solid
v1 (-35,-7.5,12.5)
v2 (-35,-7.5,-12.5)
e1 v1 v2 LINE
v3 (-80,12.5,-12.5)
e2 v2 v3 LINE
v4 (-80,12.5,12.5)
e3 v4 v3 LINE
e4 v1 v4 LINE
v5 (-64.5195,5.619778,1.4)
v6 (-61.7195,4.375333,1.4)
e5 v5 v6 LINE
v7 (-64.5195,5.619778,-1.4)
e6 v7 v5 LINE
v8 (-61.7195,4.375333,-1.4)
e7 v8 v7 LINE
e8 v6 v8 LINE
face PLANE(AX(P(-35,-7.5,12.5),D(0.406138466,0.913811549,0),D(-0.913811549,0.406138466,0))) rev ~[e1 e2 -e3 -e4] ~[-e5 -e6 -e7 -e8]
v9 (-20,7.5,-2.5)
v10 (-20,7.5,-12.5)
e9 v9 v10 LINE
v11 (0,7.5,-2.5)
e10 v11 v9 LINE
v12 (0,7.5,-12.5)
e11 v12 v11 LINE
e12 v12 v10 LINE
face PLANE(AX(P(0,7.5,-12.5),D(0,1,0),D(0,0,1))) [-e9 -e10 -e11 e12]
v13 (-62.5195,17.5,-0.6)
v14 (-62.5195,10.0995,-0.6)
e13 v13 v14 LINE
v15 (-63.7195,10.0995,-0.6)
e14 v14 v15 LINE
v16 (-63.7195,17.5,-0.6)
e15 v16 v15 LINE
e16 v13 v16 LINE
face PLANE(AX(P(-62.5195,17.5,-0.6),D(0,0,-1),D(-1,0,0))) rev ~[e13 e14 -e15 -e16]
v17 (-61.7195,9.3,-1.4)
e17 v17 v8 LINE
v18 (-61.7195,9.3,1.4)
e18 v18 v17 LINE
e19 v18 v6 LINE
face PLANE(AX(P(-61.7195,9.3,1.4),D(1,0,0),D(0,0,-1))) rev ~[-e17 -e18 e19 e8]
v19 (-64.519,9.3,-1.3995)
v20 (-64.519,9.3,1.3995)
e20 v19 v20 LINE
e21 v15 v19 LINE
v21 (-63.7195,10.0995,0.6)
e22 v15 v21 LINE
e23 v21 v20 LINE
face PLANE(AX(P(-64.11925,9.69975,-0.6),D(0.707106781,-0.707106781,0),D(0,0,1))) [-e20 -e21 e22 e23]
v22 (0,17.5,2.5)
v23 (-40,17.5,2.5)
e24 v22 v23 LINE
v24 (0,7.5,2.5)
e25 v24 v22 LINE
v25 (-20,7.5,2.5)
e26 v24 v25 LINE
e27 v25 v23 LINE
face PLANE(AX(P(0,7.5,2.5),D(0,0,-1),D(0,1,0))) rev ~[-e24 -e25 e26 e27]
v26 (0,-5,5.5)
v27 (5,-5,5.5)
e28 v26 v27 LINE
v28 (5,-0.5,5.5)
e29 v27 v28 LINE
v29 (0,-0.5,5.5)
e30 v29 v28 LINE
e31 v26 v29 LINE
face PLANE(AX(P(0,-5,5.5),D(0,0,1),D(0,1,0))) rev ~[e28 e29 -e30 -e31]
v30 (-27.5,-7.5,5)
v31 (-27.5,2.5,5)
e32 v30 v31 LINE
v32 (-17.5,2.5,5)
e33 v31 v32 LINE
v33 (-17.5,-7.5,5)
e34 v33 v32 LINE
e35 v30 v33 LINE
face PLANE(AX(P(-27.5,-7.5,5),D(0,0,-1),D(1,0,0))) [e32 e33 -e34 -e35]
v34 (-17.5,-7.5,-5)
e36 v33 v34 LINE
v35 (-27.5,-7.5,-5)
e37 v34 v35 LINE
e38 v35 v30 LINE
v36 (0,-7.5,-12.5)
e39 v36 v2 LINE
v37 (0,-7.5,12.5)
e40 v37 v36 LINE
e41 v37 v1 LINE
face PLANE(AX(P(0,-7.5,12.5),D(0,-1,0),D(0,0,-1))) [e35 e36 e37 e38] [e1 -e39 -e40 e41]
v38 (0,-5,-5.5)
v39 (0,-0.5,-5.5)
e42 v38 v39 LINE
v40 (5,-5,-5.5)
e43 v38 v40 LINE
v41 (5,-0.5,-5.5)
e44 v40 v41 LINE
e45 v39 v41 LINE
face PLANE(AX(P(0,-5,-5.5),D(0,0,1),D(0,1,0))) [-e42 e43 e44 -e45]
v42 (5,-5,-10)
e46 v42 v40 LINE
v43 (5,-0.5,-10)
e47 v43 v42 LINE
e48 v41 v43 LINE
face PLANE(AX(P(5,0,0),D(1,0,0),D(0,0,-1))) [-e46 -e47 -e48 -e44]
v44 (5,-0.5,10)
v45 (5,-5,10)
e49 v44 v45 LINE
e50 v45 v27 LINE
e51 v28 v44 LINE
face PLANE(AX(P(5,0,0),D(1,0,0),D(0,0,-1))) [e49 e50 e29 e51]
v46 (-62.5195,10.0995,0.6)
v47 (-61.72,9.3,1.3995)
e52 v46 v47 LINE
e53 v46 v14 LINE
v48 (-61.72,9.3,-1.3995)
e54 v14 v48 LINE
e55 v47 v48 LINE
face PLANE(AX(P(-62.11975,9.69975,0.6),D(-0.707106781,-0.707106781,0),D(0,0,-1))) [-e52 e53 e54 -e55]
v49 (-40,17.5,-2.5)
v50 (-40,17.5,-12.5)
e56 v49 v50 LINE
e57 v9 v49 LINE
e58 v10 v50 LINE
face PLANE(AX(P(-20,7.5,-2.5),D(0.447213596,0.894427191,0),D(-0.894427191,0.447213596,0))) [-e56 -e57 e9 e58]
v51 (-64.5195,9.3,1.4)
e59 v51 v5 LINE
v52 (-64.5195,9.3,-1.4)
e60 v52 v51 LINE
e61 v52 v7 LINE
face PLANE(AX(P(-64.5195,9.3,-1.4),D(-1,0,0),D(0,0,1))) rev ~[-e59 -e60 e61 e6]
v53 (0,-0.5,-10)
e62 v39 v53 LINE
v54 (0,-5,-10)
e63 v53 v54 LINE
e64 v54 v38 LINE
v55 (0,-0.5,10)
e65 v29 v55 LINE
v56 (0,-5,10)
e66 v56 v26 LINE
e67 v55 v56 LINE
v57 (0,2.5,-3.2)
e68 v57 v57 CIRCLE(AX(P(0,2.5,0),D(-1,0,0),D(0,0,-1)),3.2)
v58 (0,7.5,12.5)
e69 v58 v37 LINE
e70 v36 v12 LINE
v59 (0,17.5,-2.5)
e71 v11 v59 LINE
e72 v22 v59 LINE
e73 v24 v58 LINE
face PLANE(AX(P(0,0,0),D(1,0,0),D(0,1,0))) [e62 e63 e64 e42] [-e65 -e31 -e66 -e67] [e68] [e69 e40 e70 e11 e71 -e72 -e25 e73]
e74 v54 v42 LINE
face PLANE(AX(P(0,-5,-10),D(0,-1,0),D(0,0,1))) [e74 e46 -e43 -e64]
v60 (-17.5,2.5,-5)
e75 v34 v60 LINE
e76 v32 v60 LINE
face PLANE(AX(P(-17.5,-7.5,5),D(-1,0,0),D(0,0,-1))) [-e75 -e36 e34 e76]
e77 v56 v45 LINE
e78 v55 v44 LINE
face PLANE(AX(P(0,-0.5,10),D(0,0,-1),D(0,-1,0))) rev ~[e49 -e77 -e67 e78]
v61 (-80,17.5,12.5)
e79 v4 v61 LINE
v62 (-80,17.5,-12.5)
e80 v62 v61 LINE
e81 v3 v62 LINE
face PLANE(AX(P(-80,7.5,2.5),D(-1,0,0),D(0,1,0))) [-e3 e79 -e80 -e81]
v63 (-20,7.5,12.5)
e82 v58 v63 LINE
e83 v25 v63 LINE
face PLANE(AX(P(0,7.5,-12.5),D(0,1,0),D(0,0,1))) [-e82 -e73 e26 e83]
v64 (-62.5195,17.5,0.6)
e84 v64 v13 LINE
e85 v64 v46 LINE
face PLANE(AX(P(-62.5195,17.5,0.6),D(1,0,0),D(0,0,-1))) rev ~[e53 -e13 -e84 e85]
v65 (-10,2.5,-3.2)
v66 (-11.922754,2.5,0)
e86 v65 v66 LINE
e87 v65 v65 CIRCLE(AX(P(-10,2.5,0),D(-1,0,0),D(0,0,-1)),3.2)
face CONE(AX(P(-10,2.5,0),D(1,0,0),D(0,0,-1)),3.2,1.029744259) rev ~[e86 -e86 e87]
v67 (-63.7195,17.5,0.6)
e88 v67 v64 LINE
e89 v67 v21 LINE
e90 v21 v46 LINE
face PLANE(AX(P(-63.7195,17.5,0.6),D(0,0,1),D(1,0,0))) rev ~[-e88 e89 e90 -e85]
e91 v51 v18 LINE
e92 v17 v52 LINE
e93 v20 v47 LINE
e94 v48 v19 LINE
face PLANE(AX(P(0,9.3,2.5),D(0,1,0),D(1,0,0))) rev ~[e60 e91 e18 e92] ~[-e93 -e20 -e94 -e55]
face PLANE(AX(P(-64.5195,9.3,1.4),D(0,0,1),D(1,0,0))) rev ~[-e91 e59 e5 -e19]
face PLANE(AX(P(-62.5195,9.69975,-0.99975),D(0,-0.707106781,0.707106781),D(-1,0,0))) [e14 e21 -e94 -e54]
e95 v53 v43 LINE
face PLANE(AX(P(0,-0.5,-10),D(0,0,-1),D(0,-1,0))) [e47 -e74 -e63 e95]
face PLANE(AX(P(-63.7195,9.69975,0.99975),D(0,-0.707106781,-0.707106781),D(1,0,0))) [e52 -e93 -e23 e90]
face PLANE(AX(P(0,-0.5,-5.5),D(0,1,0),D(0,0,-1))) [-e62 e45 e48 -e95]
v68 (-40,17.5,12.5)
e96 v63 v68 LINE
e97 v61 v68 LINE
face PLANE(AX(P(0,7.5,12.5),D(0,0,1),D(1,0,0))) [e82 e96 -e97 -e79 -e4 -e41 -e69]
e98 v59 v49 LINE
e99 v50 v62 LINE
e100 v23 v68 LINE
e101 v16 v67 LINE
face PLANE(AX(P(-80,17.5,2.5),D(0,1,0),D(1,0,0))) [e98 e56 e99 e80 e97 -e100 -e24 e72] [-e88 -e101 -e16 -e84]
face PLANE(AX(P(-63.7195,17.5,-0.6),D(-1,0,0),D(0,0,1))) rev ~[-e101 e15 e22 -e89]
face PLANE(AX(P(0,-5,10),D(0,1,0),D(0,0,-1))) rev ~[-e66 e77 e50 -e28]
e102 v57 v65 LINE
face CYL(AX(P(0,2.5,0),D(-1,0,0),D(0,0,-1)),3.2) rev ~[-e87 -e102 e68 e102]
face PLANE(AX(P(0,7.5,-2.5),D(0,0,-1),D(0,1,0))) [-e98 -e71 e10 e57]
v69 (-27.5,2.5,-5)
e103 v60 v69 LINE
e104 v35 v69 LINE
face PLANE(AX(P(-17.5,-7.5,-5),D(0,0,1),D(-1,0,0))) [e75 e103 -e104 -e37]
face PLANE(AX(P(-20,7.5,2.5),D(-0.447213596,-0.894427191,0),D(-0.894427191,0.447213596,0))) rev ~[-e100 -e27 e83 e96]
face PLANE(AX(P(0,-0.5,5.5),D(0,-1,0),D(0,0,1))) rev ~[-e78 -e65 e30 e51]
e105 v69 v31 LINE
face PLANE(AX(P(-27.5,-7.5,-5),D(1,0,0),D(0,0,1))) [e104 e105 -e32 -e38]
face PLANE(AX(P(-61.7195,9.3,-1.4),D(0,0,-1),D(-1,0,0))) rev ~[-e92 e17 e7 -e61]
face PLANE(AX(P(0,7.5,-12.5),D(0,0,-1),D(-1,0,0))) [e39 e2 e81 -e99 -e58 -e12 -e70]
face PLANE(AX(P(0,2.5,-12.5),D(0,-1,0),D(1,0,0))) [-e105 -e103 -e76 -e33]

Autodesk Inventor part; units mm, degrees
ref_plane "YZ Plane" through (0, 0, 0) normal (1, 0, 0) x (0, 1, 0)
ref_plane "XZ Plane" through (0, 0, 0) normal (0, 1, 0) x (-1, 0, 0)
ref_plane "XY Plane" through (0, 0, 0) normal (0, 0, 1) x (1, 0, 0)
sketch "Sketch1" plane through (0, 0, 0) normal (1, 0, 0) x (0, 1, 0)
  line L0 (-7.5, -12.5) -> (7.5, -12.5)
  line L1 (7.5, -12.5) -> (7.5, 12.5)
  line L2 (7.5, 12.5) -> (-7.5, 12.5)
  line L3 (-7.5, 12.5) -> (-7.5, -12.5)
  line L4 (-7.5, -12.5) -> (7.5, 12.5) construction
  line L5 (7.5, -12.5) -> (-7.5, 12.5) construction
  point P0 (0, 0)
  dimension "d0" = 15
  dimension "d1" = 25
extrude "Extrusion1" add sketch "Sketch1" against normal blind 80
sketch "Sketch2" plane through (0, 0, 0) normal (1, 0, 0) x (0, 0, -1)
  line L0 (-12.5, 7.5) -> (12.5, 7.5) projected
  line L1 (0, 7.5) -> (2.5, 7.5)
  line L2 (2.5, 7.5) -> (2.5, 17.5)
  line L3 (2.5, 17.5) -> (0, 17.5)
  line L4 (0, 17.5) -> (0, 7.5)
  line L5 (0, 7.5) -> (-2.5, 7.5)
  line L6 (-2.5, 7.5) -> (-2.5, 17.5)
  line L7 (-2.5, 17.5) -> (0, 17.5)
  line L8 (0, 17.5) -> (0, 7.5)
  point P0 (0, 0)
  dimension "d4" = 2.5
  dimension "d5" = 10
  dimension "d6" = 2.5
  dimension "d7" = 10
extrude "Extrusion2" add sketch "Sketch2" against normal blind 80
sketch "Sketch4" plane through (0, 7.5, -2.5) normal (0, 0, -1) x (-1, 0, 0)
  line L0 (80, -15) -> (80, 0) projected
  line L1 (80, 0) -> (40, 0)
  line L2 (40, 0) -> (40, 10)
  line L3 (40, 10) -> (80, 10)
  line L4 (80, 10) -> (80, 0)
  point P0 (0, -7.5)
  dimension "d12" = 40
extrude "Extrusion3" add sketch "Sketch4" along normal blind 10
sketch "Sketch5" plane through (0, 7.5, -2.5) normal (0, 0, -1) x (-1, 0, 0)
  line L0 (0, 0) -> (80, 0) projected
  line L1 (40, 0) -> (20, 0)
  line L2 (20, 0) -> (40, 10)
  line L3 (40, 10) -> (40, 0)
  point P0 (0, -7.5)
  dimension "d15" = 20
extrude "Extrusion4" add sketch "Sketch5" along normal blind 10
sketch "Sketch6" plane through (0, 7.5, 2.5) normal (0, 0, 1) x (1, 0, 0)
  line L0 (-80, 10) -> (-40, 10)
  line L1 (-40, 10) -> (-40, 0)
  line L2 (-40, 0) -> (-80, 0)
  line L3 (-80, 0) -> (-80, 10)
  point P0 (0, -7.5)
extrude "Extrusion5" add sketch "Sketch6" along normal blind 10
sketch "Sketch7" plane through (0, 7.5, 2.5) normal (0, 0, 1) x (1, 0, 0)
  line L0 (-40, 10) -> (-40, 0) projected
  line L1 (-40, 0) -> (-20, 0)
  line L2 (0, 0) -> (-40, 0) projected
  line L3 (0, 10) -> (-40, 10) projected
  line L4 (-20, 0) -> (-40, 10)
  line L5 (-40, 10) -> (-40, 0)
  point P0 (0, -7.5)
  dimension "d20" = 20
extrude "Extrusion6" add sketch "Sketch7" along normal blind 10
sketch "Sketch8" plane through (0, -7.5, 12.5) normal (0, 0, 1) x (1, 0, 0)
  line L0 (0, 0) -> (-80, 0) projected
  line L1 (-80, 0) -> (-80, 20)
  line L2 (-80, 0) -> (-80, 25) projected
  line L3 (-80, 0) -> (-35, 0)
  line L4 (-35, 0) -> (-80, 20)
  point P0 (0, 7.5)
  dimension "d23" = 20
  dimension "d24" = 45
extrude "Extrusion7" cut sketch "Sketch8" against normal blind 25
sketch "Sketch21" plane through (0, 17.5, 2.5) normal (0, 1, 0) x (1, 0, 0)
  line L0 (-62.5195, 3.1) -> (-63.7195, 3.1)
  line L1 (-63.7195, 3.1) -> (-63.7195, 1.9)
  line L2 (-63.7195, 1.9) -> (-62.5195, 1.9)
  line L3 (-62.5195, 1.9) -> (-62.5195, 3.1)
  line L4 (-62.5195, 3.1) -> (-63.7195, 1.9) construction
  line L5 (-63.7195, 3.1) -> (-62.5195, 1.9) construction
  point P0 (0, 2.5)
  point P1 (-63.1195, 2.5)
  dimension "d63" = 1.2
  dimension "d64" = 1.2
extrude "Extrusion15" cut sketch "Sketch21" against normal blind 8.2
sketch "Sketch28" plane through (0, -7.5, -12.5) normal (0, -1, 0) x (1, 0, 0)
  line L0 (-17.5, 7.5) -> (-27.5, 7.5)
  line L1 (-27.5, 7.5) -> (-27.5, 17.5)
  line L2 (-27.5, 17.5) -> (-17.5, 17.5)
  line L3 (-17.5, 17.5) -> (-17.5, 7.5)
  line L4 (-17.5, 7.5) -> (-27.5, 17.5) construction
  line L5 (-27.5, 7.5) -> (-17.5, 17.5) construction
  point P0 (0, 12.5)
  point P1 (-22.5, 12.5)
  dimension "d86" = 10
  dimension "d87" = 10
extrude "Extrusion18" cut sketch "Sketch28" against normal blind 10
sketch "Sketch30" plane through (0, 0, 0) normal (1, 0, 0) x (0, 0, -1)
  line L0 (-12.5, -7.5) -> (12.5, -7.5) projected
  line L1 (0, -7.5) -> (0, 2.5)
  point P0 (0, 0)
  dimension "d90" = 10
hole "Hole1" at (0, 2.5, 0) direction (-1, 0, 0) diameter 6.4 depth 10 tip angle 118
sketch "Sketch31" plane through (0, 9.3, 2.5) normal (0, 1, 0) x (1, 0, 0)
  line L0 (-64.5195, 1.1) -> (-61.7195, 1.1)
  line L1 (-61.7195, 1.1) -> (-61.7195, 3.9)
  line L2 (-61.7195, 3.9) -> (-64.5195, 3.9)
  line L3 (-64.5195, 3.9) -> (-64.5195, 1.1)
  line L4 (-64.5195, 1.1) -> (-61.7195, 3.9) construction
  line L5 (-61.7195, 1.1) -> (-64.5195, 3.9) construction
  point P0 (0, 2.5)
  point P1 (-63.1195, 2.5)
  dimension "d98" = 2.8
  dimension "d99" = 2.8
extrude "Extrusion19" cut sketch "Sketch31" against normal through all
chamfer "Chamfer3" distance 0.8 angle 45 4 edges at (-62.5195, 9.3, 0) (-63.1195, 9.3, -0.6) (-63.1195, 9.3, 0.6) (-63.7195, 9.3, 0)
sketch "Sketch32" plane through (0, 0, 0) normal (1, 0, 0) x (0, 0, -1)
  line L0 (-12.5, -7.5) -> (12.5, -7.5) projected
  line L1 (-12.5, -7.5) -> (-10, -7.5)
  line L2 (-10, -7.5) -> (-10, -5)
  line L3 (-10, -5) -> (-12.5, -5)
  line L4 (-12.5, -5) -> (-12.5, -7.5)
  line L5 (-10, -5) -> (-5.5, -5)
  line L6 (-5.5, -5) -> (-5.5, -0.5)
  line L7 (-5.5, -0.5) -> (-10, -0.5)
  line L8 (-10, -0.5) -> (-10, -5)
  point P0 (0, 0)
  dimension "d105" = 2.5
  dimension "d106" = 2.5
  dimension "d107" = 4.5
  dimension "d108" = 4.5
extrude "Extrusion20" add sketch "Sketch32" along normal blind 5 contours L8 L7 L6 L5
sketch "Sketch33" plane through (0, 0, 0) normal (1, 0, 0) x (0, 0, -1)
  line L0 (12.5, -7.5) -> (12.5, 12.5) projected
  line L1 (12.5, -7.5) -> (10, -7.5)
  line L2 (10, -7.5) -> (10, -5)
  line L3 (10, -5) -> (12.5, -5)
  line L4 (12.5, -5) -> (12.5, -7.5)
  line L5 (10, -5) -> (5.5, -5)
  line L6 (5.5, -5) -> (5.5, -0.5)
  line L7 (5.5, -0.5) -> (10, -0.5)
  line L8 (10, -0.5) -> (10, -5)
  point P0 (0, 0)
  dimension "d111" = 2.5
  dimension "d112" = 2.5
  dimension "d113" = 4.5
  dimension "d114" = 4.5
extrude "Extrusion21" add sketch "Sketch33" along normal blind 5 contours L5 L6 L7 L8
properties part number "end"
